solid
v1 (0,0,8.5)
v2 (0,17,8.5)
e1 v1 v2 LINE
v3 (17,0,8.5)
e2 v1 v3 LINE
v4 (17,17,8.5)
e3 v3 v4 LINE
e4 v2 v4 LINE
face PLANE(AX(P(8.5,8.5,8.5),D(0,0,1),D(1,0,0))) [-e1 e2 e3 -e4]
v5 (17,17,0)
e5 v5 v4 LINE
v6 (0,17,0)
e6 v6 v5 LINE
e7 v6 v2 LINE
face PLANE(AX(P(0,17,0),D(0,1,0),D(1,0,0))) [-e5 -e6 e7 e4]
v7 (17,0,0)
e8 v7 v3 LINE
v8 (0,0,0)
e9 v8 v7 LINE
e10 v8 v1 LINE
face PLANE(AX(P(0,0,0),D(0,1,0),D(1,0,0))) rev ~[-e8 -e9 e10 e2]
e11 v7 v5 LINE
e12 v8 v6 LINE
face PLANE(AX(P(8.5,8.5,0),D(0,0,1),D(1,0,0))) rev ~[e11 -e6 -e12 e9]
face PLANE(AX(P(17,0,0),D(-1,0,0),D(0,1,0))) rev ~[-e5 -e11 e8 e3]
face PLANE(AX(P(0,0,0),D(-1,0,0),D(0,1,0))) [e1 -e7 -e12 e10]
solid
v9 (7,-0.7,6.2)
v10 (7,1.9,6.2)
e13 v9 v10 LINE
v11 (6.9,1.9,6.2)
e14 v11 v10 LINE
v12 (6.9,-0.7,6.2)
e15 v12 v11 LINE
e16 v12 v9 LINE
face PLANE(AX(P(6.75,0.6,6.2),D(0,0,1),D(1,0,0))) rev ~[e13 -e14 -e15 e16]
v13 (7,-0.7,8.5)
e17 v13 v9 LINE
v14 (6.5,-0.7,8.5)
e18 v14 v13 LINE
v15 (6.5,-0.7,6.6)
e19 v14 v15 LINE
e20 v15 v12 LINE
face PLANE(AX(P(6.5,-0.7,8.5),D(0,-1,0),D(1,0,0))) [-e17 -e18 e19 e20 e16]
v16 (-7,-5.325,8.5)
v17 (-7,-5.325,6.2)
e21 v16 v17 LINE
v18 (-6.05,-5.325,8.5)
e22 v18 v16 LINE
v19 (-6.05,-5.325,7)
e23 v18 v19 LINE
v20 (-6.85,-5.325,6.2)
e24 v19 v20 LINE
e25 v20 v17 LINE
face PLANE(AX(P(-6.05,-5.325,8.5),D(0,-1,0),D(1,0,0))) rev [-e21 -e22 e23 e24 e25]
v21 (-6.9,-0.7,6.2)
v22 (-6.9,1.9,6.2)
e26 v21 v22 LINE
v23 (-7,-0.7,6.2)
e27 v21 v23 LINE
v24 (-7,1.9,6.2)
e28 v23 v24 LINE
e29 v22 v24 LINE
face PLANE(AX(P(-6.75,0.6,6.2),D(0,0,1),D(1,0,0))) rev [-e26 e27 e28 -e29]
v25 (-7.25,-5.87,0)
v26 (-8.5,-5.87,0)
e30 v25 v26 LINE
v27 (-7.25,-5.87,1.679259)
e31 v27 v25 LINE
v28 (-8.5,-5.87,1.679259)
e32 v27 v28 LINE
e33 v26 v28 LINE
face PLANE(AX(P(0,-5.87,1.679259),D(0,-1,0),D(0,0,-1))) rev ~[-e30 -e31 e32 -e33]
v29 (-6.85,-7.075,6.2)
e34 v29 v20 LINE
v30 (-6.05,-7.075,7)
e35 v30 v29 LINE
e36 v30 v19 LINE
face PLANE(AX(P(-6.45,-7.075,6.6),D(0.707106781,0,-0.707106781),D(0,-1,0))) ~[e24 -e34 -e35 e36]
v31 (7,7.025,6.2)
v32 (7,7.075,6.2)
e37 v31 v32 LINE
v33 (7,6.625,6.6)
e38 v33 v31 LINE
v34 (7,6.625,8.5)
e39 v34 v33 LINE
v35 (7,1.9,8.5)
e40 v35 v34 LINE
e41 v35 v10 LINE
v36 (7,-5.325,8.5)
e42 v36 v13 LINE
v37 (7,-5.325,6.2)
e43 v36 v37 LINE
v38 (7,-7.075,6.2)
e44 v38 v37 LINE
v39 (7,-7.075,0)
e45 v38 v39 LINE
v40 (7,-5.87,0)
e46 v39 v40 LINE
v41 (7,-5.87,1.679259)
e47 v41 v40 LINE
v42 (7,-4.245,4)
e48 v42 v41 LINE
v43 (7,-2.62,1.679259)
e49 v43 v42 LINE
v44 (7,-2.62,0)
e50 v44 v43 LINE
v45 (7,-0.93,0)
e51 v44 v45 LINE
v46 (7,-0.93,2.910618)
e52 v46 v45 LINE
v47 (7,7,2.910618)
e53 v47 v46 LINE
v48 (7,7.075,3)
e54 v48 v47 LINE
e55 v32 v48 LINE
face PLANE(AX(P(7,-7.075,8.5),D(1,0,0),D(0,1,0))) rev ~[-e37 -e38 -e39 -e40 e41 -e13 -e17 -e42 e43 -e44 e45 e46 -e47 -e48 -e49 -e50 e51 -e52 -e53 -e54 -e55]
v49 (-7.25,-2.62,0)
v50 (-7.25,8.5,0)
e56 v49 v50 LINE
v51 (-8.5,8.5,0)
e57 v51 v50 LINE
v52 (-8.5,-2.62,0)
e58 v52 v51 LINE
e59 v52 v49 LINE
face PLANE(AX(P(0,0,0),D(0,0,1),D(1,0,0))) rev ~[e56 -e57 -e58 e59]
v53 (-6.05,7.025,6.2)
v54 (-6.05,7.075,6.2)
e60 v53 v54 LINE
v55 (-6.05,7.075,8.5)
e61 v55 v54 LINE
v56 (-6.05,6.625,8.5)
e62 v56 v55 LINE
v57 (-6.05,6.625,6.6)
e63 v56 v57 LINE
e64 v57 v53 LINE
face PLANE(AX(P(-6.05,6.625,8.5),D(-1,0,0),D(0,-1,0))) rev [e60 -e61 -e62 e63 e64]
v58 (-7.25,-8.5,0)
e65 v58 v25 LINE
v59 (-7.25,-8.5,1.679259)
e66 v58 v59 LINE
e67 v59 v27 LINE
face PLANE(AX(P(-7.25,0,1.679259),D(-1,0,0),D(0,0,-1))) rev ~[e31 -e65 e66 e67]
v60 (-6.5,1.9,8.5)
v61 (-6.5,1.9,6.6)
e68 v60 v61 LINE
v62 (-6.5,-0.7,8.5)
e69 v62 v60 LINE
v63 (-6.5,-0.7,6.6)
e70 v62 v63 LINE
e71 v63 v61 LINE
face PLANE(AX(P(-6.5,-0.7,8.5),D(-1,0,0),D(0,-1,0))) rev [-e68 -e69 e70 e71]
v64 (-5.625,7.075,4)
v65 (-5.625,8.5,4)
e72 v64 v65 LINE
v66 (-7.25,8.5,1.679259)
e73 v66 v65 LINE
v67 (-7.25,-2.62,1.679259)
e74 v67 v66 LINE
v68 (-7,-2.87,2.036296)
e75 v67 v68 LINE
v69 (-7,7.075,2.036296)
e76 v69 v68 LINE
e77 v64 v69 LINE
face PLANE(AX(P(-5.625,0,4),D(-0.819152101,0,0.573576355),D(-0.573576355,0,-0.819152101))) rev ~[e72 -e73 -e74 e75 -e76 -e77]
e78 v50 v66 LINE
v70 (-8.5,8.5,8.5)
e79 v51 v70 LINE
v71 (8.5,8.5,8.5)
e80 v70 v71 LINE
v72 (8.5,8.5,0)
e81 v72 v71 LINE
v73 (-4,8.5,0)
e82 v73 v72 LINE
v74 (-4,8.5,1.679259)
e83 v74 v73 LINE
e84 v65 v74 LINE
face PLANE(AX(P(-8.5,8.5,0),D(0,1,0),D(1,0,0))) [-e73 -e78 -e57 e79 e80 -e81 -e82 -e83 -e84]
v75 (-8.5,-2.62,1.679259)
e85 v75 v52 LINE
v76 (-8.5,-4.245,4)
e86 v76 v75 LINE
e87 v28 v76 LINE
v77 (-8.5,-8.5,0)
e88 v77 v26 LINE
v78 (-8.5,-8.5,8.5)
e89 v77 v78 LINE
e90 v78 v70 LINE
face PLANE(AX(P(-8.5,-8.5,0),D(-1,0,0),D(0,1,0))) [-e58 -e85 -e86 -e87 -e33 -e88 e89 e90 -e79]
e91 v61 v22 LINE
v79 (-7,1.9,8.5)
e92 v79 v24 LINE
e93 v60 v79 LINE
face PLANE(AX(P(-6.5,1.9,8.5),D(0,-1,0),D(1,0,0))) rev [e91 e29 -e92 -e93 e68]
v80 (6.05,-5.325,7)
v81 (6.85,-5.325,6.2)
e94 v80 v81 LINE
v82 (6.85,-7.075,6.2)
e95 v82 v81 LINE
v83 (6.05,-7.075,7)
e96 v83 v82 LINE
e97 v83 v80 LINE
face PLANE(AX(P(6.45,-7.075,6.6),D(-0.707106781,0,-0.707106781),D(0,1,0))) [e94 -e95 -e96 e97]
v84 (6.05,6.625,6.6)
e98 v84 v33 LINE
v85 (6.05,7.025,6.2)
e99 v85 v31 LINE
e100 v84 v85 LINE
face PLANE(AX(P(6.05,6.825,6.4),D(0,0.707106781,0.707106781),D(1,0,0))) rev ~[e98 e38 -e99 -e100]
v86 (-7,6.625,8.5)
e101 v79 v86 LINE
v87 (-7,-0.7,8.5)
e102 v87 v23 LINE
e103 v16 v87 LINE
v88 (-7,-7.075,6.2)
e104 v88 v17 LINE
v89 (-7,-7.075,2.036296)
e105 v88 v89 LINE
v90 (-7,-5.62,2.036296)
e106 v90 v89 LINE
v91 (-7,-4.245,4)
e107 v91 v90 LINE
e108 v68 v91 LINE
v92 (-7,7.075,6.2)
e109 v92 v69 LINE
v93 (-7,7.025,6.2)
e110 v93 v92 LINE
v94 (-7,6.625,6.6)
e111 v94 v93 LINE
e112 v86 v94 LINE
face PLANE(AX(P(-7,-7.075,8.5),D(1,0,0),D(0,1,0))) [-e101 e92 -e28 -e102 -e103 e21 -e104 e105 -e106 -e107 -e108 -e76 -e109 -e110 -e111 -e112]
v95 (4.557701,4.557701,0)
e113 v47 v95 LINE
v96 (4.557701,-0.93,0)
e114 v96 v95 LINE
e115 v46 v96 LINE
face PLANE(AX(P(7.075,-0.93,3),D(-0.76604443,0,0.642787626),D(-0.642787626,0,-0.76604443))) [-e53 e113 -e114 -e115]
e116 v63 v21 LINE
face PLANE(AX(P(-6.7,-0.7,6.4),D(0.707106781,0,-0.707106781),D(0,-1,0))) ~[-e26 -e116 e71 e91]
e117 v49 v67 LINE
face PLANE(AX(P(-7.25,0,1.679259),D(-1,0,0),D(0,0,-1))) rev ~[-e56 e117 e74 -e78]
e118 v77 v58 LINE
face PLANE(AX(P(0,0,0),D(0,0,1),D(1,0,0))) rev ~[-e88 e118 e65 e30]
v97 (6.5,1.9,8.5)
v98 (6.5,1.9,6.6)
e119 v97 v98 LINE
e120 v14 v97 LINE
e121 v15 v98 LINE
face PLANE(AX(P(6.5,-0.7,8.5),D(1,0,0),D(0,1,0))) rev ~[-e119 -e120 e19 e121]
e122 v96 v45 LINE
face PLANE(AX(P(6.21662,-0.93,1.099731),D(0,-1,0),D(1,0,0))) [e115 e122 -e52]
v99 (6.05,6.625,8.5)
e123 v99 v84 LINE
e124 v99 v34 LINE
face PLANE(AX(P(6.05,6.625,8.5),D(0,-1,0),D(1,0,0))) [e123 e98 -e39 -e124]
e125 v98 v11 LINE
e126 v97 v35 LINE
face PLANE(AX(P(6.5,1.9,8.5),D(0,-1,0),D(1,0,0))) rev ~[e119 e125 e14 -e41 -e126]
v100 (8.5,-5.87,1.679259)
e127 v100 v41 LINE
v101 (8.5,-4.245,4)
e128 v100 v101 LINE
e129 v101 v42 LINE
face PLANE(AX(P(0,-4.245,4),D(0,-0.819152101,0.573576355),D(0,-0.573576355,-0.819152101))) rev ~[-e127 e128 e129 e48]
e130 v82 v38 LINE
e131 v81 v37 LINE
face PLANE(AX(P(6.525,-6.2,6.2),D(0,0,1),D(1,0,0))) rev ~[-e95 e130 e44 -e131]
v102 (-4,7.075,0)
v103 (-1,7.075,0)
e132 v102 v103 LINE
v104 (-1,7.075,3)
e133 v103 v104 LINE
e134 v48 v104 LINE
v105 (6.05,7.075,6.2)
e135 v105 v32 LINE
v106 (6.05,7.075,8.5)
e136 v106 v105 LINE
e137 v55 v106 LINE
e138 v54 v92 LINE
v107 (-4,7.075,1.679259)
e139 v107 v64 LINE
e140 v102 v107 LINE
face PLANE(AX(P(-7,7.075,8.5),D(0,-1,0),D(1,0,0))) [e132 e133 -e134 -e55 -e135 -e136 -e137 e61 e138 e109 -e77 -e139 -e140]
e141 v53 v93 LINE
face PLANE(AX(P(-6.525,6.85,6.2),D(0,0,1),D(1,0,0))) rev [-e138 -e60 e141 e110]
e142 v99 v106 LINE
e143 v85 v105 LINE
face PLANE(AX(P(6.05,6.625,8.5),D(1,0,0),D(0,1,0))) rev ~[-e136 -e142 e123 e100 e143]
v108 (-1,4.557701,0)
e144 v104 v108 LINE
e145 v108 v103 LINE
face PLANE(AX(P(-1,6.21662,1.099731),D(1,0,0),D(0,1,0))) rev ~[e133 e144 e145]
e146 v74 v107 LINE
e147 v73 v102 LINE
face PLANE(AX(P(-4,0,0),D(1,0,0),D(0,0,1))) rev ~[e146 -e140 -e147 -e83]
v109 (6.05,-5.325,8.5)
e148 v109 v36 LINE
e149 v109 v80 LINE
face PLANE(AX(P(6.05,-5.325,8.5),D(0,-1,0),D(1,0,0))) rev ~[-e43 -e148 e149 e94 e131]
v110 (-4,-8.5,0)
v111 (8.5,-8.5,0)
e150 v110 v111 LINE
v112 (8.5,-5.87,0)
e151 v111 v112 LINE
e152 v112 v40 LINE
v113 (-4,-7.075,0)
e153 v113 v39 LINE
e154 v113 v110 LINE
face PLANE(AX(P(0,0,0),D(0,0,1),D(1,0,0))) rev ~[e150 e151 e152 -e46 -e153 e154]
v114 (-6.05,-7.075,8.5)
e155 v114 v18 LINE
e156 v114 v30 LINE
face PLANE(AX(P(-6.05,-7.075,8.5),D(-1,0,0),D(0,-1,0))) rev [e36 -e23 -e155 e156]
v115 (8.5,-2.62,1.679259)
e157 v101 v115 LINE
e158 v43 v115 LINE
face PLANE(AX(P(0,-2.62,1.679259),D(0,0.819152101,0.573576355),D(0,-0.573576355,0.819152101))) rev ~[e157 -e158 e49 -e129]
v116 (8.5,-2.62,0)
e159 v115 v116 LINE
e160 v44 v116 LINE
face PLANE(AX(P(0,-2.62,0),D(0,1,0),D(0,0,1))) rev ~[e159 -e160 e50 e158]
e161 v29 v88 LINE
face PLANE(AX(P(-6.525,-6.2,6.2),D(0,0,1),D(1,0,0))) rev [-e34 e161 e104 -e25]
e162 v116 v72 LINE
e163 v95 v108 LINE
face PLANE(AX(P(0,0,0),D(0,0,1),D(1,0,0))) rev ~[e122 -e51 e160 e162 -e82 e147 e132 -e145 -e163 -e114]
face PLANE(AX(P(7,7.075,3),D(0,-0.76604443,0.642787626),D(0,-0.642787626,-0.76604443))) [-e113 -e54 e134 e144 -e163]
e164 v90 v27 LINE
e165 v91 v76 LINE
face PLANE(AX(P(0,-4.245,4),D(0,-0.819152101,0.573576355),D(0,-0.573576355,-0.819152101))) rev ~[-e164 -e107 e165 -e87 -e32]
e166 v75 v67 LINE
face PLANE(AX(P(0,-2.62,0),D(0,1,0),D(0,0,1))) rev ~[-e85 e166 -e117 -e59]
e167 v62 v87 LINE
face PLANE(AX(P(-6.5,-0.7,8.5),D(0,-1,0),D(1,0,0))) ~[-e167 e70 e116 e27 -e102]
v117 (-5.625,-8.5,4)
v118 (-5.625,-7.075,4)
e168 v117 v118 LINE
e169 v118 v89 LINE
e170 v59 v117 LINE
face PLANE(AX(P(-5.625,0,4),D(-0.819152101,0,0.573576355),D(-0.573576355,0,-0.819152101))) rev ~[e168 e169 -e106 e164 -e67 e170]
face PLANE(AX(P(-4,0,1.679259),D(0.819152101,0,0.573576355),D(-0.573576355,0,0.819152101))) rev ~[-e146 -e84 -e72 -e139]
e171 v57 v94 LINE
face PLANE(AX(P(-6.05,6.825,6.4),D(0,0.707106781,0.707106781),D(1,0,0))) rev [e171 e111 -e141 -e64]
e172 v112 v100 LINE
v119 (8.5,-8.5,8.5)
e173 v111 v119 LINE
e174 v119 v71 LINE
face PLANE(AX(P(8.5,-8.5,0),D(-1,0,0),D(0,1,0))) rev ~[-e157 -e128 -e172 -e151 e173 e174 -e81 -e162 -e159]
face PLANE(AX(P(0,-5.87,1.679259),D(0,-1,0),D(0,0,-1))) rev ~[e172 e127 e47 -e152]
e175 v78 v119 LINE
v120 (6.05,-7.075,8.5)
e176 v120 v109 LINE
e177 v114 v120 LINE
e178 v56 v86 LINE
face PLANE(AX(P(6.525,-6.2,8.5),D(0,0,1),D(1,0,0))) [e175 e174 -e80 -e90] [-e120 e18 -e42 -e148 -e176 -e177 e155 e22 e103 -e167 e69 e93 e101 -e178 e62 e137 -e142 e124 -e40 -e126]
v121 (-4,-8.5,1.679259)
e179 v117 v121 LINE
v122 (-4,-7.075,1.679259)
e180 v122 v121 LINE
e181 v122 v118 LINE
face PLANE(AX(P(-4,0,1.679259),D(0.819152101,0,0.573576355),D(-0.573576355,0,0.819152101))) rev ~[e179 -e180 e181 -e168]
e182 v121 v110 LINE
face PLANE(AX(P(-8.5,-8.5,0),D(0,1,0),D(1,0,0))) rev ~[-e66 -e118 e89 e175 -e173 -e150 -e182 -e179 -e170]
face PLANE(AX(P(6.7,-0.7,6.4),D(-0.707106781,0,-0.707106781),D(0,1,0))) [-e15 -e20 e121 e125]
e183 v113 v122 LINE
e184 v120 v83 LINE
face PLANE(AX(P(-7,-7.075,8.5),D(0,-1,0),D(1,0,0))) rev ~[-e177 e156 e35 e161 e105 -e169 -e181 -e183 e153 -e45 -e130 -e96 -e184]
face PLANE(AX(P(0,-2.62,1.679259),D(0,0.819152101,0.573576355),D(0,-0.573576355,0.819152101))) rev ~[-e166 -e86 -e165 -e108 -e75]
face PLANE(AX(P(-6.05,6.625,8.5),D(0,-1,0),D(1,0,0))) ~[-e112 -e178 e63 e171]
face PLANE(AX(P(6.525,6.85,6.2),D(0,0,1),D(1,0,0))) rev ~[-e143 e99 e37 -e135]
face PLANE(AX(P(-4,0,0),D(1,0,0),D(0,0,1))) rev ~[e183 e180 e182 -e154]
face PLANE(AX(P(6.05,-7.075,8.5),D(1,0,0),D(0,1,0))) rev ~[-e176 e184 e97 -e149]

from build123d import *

# Parameters (mm, degrees)
BOX_W                      = 17
BOX_H                      = 17
BOX_DEPTH                  = 8.5
EXTRUDE002_DEPTH           = 25
EXTRUDE002_PLACEMENT_ANGLE = 90
LINK_PLACEMENT_ANGLE       = 90
SKETCH001_W                = 14
SKETCH001_H                = 14.15
EXTRUDE_DEPTH              = 10
BOX001_W                   = 17
BOX001_H                   = 17
BOX001_DEPTH               = 8.5
SKETCH002_W                = 0.95
SKETCH002_H                = 0.45
SKETCH002_W_2              = 0.5
SKETCH002_H_2              = 2.6
SKETCH002_H_3              = 1.75
EXTRUDE001_DEPTH           = 2.3
CHAMFER_1_SIZE             = 0.8
CHAMFER_2_SIZE             = 0.4
EXTRUDE003_DEPTH           = 8
CLONE_PLACEMENT_ANGLE      = 270


with BuildPart() as body:
    # Box → Box (join)
    with BuildSketch(Plane.XY):
        with Locations((8.5, 8.5)):
            Rectangle(BOX_W, BOX_H)
    extrude(amount=BOX_DEPTH)


with BuildPart() as extrude002:
    # Sketch004 → Extrude002 (new body, symmetric)
    with BuildSketch(Plane.XZ):
        Polygon((-8.5, 0), (-5.25, 0), (-5.25, 1.679259), (-6.875, 4), (-8.5, 1.679259), align=None)
    extrude(amount=EXTRUDE002_DEPTH, both=True)


with BuildPart() as extrude002_1:
    # Extrude002 placement: moved
    add(extrude002.part.moved(Location((0, 2.63, 0))).rotate(Axis((0, 2.63, 0), (0, 0, 1)), EXTRUDE002_PLACEMENT_ANGLE))


with BuildPart() as extrude003:
    # Link base: copy of Extrude002
    add(extrude002_1.part)


with BuildPart() as extrude003_1:
    # Link placement: moved
    add(extrude003.part.moved(Location((-1.38, 0, 0))).rotate(Axis((-1.38, 0, 0), (0, 0, -1)), LINK_PLACEMENT_ANGLE))


with BuildPart() as extrude_body:
    # Sketch001 (on Face6 of Box001) → Extrude (new body)
    with BuildSketch(Plane(origin=(-8.5, -8.5, 8.5), x_dir=(1, 0, 0), z_dir=(0, 0, 1))):
        with Locations((8.5, 8.5)):
            Rectangle(SKETCH001_W, SKETCH001_H)
    extrude(amount=-EXTRUDE_DEPTH)


with BuildPart() as cut002:
    # Box001 → Box001 (new body)
    with BuildSketch(Plane(origin=(-8.5, -8.5, 0), x_dir=(1, 0, 0), z_dir=(0, 0, 1))):
        with Locations((8.5, 8.5)):
            Rectangle(BOX001_W, BOX001_H)
    extrude(amount=BOX001_DEPTH)

    # Cut: cut Extrude body
    add(extrude_body.part, mode=Mode.SUBTRACT)

    # Cut001: cut Extrude002
    add(extrude002_1.part, mode=Mode.SUBTRACT)

    # Cut002: cut Extrude003
    add(extrude003_1.part, mode=Mode.SUBTRACT)


with BuildPart() as chamfer_body:
    # Sketch002 (on Face3 of Cut) → Extrude001 (new body)
    with BuildSketch(Plane.XY.offset(8.5)):
        with Locations((6.525, 6.85)):
            Rectangle(SKETCH002_W, SKETCH002_H)
        with Locations((6.75, 0.6)):
            Rectangle(SKETCH002_W_2, SKETCH002_H_2)
        with Locations((6.525, -6.2)):
            Rectangle(SKETCH002_W, SKETCH002_H_3)
    extrude(amount=-EXTRUDE001_DEPTH)

    # Chamfer 1
    chamfer_1_edges = [chamfer_body.edges().sort_by_distance(p)[0] for p in [
        (6.05, -6.2, 6.2),
    ]]
    chamfer(chamfer_1_edges, length=CHAMFER_1_SIZE)

    # Chamfer 2
    chamfer_2_edges = [chamfer_body.edges().sort_by_distance(p)[0] for p in [
        (6.525, 6.625, 6.2),
        (6.5, 0.6, 6.2),
    ]]
    chamfer(chamfer_2_edges, length=CHAMFER_2_SIZE)


with BuildPart() as part_mirroring:
    # Part__Mirroring: instance of Chamfer body
    add(chamfer_body.part.mirror(Plane(origin=(0, 0, 0), x_dir=(0, -1, 0), z_dir=(1, 0, 0))))


with BuildPart() as extrude004:
    # Sketch005 (on Face12 of Cut002) → Extrude003 (new body)
    with BuildSketch(Plane(origin=(7, 0, 0), x_dir=(0, -1, 0), z_dir=(-1, 0, 0))):
        Polygon((-7.075, 3), (-4.557701, 0), (-7.075, 0), align=None)
    extrude(amount=EXTRUDE003_DEPTH)


with BuildPart() as extrude005:
    # Clone base: copy of Extrude004
    add(extrude004.part)


with BuildPart() as extrude005_1:
    # Clone placement: moved
    add(extrude005.part.moved(Location((0, 6.07, 0))).rotate(Axis((0, 6.07, 0), (0, 0, 1)), CLONE_PLACEMENT_ANGLE))


with BuildPart() as chamfer001:
    # Clone001 base: copy of Chamfer body
    add(chamfer_body.part)


with BuildPart() as fusion:
    # Fusion base: copy of Extrude004
    add(extrude004.part)

    # Fusion: union Cut002, Part__Mirroring, Extrude005, Chamfer001
    add(cut002.part)
    add(part_mirroring.part)
    add(extrude005_1.part)
    add(chamfer001.part)


solid = Compound([body.part, fusion.part])
